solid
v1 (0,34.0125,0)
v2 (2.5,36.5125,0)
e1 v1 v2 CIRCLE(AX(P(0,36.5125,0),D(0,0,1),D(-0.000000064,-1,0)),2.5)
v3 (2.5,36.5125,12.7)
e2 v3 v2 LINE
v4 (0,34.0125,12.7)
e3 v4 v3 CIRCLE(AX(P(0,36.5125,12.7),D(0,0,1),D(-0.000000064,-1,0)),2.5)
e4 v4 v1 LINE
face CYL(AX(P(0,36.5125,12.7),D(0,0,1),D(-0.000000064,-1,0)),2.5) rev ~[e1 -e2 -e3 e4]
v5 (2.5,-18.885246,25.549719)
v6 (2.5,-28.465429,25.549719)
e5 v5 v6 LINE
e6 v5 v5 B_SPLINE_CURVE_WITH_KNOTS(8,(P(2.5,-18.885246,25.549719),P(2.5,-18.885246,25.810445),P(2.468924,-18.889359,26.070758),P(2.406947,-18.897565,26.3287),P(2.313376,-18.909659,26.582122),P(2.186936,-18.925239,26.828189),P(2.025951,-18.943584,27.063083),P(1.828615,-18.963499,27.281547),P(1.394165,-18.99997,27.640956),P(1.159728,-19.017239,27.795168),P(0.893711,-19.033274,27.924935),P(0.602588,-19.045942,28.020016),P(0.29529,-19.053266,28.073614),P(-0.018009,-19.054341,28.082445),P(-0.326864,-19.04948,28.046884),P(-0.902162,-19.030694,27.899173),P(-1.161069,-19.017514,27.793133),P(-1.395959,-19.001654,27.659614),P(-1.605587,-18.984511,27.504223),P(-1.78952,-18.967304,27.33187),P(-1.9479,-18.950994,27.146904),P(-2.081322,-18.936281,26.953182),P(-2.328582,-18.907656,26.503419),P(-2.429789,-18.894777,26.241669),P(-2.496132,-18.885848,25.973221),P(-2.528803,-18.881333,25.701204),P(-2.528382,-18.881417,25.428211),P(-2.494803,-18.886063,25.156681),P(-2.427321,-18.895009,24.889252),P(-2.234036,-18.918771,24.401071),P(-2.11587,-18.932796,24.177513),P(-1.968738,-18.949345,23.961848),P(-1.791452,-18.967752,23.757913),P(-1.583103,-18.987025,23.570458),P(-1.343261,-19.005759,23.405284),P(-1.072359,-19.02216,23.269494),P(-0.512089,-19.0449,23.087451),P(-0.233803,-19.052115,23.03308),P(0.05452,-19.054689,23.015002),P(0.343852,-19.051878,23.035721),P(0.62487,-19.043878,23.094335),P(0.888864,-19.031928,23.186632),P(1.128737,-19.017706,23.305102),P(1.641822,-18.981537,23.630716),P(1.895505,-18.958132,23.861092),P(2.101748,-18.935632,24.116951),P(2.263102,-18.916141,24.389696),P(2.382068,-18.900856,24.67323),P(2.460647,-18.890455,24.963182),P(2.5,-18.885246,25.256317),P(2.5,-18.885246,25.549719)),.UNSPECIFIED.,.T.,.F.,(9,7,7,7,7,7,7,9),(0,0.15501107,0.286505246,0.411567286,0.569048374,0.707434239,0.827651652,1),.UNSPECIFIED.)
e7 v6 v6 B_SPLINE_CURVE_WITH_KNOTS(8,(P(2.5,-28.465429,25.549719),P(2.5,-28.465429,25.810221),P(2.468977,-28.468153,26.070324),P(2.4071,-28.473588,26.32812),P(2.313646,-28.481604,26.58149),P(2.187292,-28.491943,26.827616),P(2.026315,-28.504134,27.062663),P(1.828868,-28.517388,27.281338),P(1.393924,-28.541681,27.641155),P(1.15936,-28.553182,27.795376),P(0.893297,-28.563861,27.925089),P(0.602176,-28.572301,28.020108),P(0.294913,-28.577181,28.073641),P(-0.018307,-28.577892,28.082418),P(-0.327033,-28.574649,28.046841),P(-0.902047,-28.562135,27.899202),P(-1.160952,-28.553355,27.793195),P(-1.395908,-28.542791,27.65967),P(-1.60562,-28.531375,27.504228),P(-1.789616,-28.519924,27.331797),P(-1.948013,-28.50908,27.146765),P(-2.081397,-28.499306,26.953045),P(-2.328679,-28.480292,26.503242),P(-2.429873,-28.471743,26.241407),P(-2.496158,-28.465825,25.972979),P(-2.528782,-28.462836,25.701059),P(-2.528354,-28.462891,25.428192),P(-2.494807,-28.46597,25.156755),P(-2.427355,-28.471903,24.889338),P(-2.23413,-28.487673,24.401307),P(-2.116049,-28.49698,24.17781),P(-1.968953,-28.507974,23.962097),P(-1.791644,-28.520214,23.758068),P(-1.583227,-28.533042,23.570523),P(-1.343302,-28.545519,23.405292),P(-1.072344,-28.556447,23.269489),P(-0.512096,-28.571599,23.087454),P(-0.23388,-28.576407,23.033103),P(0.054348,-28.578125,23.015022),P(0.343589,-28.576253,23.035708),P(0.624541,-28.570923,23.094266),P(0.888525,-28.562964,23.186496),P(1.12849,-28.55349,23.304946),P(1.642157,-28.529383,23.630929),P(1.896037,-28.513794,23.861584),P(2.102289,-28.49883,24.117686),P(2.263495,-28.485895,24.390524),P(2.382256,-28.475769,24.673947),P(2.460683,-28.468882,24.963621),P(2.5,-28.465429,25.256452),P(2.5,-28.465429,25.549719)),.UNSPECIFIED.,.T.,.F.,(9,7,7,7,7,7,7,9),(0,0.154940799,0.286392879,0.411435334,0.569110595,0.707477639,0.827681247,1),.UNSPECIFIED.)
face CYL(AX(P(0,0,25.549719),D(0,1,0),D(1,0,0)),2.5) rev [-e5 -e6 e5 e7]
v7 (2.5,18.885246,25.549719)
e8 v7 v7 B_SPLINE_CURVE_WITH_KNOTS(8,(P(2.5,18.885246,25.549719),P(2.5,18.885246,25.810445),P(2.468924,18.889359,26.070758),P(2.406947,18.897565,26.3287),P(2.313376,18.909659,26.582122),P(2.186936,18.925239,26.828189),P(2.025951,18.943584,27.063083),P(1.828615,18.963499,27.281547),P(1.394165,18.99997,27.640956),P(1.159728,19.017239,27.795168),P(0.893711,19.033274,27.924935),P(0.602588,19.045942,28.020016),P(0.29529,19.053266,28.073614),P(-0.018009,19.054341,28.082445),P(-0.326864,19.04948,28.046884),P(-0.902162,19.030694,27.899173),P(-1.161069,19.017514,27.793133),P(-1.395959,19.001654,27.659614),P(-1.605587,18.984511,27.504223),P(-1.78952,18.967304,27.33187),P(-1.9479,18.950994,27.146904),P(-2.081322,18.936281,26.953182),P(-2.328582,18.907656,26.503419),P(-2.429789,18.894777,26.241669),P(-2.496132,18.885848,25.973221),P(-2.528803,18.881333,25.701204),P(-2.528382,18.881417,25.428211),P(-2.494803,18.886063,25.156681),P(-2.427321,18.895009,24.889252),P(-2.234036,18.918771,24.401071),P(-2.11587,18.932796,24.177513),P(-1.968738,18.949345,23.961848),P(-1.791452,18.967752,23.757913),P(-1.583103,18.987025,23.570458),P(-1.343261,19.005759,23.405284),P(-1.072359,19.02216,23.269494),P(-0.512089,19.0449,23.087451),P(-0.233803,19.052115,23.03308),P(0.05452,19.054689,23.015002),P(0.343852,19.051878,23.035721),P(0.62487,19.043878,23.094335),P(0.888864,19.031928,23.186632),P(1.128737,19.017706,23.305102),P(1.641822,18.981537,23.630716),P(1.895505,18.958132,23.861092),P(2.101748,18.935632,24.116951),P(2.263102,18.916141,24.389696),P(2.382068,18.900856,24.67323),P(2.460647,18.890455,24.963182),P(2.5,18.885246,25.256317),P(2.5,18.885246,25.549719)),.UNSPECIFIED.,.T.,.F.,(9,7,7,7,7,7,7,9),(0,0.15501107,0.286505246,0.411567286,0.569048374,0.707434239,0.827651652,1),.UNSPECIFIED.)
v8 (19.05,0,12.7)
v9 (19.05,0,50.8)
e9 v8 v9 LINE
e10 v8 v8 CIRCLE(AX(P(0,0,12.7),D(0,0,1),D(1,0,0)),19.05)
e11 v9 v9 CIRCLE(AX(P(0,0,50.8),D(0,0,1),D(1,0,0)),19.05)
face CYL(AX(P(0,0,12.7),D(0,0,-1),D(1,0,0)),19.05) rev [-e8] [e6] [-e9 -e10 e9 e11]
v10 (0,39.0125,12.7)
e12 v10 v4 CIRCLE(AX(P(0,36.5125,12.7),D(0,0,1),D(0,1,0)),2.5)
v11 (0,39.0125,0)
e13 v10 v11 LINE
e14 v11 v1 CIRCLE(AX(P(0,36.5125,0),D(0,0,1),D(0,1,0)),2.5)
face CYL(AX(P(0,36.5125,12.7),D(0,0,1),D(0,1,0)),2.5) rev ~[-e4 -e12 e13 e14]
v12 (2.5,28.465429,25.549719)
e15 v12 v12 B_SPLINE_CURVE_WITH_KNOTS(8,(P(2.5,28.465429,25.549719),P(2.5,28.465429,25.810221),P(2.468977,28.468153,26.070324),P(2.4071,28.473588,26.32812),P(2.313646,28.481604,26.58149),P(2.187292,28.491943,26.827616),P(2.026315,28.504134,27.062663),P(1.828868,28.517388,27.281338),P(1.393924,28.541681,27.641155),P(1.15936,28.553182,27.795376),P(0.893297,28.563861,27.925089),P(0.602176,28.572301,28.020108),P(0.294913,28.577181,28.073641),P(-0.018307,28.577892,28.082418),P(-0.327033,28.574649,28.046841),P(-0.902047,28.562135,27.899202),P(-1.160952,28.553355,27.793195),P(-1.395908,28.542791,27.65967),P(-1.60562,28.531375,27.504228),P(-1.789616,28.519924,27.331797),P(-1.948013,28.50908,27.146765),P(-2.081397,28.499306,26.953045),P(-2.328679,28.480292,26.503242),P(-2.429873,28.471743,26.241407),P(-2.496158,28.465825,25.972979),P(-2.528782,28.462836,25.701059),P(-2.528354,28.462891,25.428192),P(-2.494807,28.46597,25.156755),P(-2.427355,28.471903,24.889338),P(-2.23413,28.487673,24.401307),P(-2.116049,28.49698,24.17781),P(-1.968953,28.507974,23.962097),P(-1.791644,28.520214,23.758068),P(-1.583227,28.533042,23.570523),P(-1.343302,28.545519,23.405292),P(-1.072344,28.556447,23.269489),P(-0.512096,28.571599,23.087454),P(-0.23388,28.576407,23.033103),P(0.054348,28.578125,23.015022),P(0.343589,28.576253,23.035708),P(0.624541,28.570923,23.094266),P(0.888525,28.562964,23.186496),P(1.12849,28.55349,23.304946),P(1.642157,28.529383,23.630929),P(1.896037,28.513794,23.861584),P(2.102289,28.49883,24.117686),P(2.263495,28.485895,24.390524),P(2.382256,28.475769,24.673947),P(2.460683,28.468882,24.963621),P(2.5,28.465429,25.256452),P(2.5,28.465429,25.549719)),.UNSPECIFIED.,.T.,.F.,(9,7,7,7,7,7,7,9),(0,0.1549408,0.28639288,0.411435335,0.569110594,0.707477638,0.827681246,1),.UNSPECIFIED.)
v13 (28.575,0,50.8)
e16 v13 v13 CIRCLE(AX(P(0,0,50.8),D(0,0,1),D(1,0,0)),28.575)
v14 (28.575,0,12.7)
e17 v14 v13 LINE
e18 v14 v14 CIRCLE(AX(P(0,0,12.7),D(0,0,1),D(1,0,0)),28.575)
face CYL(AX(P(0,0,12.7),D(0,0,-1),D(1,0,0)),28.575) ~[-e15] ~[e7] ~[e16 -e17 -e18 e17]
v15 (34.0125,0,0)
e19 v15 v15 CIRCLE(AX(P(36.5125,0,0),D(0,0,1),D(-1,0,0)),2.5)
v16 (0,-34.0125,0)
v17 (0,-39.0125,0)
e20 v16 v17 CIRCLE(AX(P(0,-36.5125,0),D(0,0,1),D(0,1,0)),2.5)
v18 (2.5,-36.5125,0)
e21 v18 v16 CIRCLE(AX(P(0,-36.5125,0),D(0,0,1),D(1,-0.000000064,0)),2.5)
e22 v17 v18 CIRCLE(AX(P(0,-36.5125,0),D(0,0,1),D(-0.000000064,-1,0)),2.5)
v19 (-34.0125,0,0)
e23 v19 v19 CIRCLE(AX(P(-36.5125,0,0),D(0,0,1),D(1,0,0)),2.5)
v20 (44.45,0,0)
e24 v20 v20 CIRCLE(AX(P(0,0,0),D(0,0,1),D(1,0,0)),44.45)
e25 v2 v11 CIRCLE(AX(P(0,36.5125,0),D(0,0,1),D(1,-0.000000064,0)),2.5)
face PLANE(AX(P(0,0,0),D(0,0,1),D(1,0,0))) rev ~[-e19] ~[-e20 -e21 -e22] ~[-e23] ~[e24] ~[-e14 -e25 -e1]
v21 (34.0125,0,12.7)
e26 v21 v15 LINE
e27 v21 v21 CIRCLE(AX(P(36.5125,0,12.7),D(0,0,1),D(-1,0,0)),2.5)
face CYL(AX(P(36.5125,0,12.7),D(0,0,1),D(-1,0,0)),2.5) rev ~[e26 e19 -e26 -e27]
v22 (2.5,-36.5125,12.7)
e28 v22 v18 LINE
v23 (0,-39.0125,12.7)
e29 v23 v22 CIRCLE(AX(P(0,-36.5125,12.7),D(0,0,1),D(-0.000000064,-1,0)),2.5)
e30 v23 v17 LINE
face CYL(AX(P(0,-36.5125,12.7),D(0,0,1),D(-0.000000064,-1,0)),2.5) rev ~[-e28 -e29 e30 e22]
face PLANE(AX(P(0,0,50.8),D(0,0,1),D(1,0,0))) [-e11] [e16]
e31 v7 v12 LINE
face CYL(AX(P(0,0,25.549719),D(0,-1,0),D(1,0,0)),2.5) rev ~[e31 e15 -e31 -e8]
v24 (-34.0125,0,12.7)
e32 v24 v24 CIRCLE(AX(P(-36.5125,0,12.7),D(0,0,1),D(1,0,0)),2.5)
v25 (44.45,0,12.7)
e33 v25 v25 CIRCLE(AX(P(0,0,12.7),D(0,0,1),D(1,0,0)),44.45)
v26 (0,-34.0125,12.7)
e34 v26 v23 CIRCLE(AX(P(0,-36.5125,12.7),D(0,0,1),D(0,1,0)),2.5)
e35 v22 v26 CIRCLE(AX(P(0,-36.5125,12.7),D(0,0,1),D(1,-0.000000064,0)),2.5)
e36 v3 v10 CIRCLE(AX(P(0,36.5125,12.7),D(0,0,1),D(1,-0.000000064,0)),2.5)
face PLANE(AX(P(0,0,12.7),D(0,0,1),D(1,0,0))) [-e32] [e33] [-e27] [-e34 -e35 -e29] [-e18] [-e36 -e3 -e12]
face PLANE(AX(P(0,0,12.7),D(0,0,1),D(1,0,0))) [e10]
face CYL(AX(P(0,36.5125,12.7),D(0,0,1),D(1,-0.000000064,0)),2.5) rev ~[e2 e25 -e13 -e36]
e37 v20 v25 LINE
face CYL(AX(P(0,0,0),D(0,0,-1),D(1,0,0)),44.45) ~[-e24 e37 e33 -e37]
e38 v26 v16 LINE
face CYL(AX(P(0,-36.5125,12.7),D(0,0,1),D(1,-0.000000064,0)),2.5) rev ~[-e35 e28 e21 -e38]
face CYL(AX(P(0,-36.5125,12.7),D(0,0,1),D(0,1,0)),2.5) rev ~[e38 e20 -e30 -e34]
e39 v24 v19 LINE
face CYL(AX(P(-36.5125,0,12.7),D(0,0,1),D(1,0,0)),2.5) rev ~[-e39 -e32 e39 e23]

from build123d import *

# Parameters (mm, degrees)
F0_R     = 44.45
F1_DEPTH = 12.7
F2_R     = 28.575
F2_R_2   = 19.05
F3_DEPTH = 38.1
F5_DEPTH = 12.701
F6_R     = 2.5
F7_DEPTH = 44.451
F8_DEPTH = 44.451


with BuildPart() as f1:
    # F0 (on Top) → F1 (new body)
    with BuildSketch(Plane.XY):
        Circle(F0_R)
    extrude(amount=F1_DEPTH)

    # F2 (on face) → F3 (join)
    with BuildSketch(Plane.XY.offset(12.7)):
        Circle(F2_R)
        Circle(F2_R_2, mode=Mode.SUBTRACT)
    extrude(amount=F3_DEPTH)

    # F4 (on face) → F5 (cut, through all)
    with BuildSketch(Plane.XY.offset(12.7)):
        with BuildLine():
            Line((0, -36.5125), (0, -34.0125))
            ThreePointArc((0, -34.0125), (-2.5, -36.5125), (0, -39.0125))
            Line((0, -39.0125), (0, -36.5125))
        make_face()
        with BuildLine():
            ThreePointArc((2.5, -36.5125), (1.767767, -34.744733), (0, -34.0125))
            Line((0, -34.0125), (0, -36.5125))
            Line((0, -36.5125), (0, -39.0125))
            ThreePointArc((0, -39.0125), (1.767767, -38.280267), (2.5, -36.5125))
        make_face()
        with BuildLine():
            ThreePointArc((-39.0125, 0), (-36.5125, -2.5), (-34.0125, 0))
            Line((-34.0125, 0), (-36.5125, 0))
            Line((-36.5125, 0), (-39.0125, 0))
        make_face()
        with BuildLine():
            Line((-36.5125, 0), (-34.0125, 0))
            ThreePointArc((-34.0125, 0), (-36.5125, 2.5), (-39.0125, 0))
            Line((-39.0125, 0), (-36.5125, 0))
        make_face()
        with BuildLine():
            ThreePointArc((0, 39.0125), (-2.5, 36.5125), (0, 34.0125))
            Line((0, 34.0125), (0, 36.5125))
            Line((0, 36.5125), (0, 39.0125))
        make_face()
        with BuildLine():
            Line((34.0125, 0), (36.5125, 0))
            Line((36.5125, 0), (39.0125, 0))
            ThreePointArc((39.0125, 0), (36.5125, 2.5), (34.0125, 0))
        make_face()
        with BuildLine():
            Line((39.0125, 0), (36.5125, 0))
            Line((36.5125, 0), (34.0125, 0))
            ThreePointArc((34.0125, 0), (36.5125, -2.5), (39.0125, 0))
        make_face()
        with BuildLine():
            Line((0, 36.5125), (0, 34.0125))
            ThreePointArc((0, 34.0125), (1.767767, 34.744733), (2.5, 36.5125))
            ThreePointArc((2.5, 36.5125), (1.767767, 38.280267), (0, 39.0125))
            Line((0, 39.0125), (0, 36.5125))
        make_face()
    extrude(amount=-F5_DEPTH, mode=Mode.SUBTRACT)

    # F6 (on Front) → F7 (cut, through all)
    with BuildSketch(Plane.XZ):
        with Locations((0, 25.549719)):
            Circle(F6_R)
    extrude(amount=-F7_DEPTH, mode=Mode.SUBTRACT)

    # F6 (on Front) → F8 (cut, through all)
    with BuildSketch(Plane.XZ):
        with Locations((0, 25.549719)):
            Circle(F6_R)
    extrude(amount=F8_DEPTH, mode=Mode.SUBTRACT)


solid = f1.part
